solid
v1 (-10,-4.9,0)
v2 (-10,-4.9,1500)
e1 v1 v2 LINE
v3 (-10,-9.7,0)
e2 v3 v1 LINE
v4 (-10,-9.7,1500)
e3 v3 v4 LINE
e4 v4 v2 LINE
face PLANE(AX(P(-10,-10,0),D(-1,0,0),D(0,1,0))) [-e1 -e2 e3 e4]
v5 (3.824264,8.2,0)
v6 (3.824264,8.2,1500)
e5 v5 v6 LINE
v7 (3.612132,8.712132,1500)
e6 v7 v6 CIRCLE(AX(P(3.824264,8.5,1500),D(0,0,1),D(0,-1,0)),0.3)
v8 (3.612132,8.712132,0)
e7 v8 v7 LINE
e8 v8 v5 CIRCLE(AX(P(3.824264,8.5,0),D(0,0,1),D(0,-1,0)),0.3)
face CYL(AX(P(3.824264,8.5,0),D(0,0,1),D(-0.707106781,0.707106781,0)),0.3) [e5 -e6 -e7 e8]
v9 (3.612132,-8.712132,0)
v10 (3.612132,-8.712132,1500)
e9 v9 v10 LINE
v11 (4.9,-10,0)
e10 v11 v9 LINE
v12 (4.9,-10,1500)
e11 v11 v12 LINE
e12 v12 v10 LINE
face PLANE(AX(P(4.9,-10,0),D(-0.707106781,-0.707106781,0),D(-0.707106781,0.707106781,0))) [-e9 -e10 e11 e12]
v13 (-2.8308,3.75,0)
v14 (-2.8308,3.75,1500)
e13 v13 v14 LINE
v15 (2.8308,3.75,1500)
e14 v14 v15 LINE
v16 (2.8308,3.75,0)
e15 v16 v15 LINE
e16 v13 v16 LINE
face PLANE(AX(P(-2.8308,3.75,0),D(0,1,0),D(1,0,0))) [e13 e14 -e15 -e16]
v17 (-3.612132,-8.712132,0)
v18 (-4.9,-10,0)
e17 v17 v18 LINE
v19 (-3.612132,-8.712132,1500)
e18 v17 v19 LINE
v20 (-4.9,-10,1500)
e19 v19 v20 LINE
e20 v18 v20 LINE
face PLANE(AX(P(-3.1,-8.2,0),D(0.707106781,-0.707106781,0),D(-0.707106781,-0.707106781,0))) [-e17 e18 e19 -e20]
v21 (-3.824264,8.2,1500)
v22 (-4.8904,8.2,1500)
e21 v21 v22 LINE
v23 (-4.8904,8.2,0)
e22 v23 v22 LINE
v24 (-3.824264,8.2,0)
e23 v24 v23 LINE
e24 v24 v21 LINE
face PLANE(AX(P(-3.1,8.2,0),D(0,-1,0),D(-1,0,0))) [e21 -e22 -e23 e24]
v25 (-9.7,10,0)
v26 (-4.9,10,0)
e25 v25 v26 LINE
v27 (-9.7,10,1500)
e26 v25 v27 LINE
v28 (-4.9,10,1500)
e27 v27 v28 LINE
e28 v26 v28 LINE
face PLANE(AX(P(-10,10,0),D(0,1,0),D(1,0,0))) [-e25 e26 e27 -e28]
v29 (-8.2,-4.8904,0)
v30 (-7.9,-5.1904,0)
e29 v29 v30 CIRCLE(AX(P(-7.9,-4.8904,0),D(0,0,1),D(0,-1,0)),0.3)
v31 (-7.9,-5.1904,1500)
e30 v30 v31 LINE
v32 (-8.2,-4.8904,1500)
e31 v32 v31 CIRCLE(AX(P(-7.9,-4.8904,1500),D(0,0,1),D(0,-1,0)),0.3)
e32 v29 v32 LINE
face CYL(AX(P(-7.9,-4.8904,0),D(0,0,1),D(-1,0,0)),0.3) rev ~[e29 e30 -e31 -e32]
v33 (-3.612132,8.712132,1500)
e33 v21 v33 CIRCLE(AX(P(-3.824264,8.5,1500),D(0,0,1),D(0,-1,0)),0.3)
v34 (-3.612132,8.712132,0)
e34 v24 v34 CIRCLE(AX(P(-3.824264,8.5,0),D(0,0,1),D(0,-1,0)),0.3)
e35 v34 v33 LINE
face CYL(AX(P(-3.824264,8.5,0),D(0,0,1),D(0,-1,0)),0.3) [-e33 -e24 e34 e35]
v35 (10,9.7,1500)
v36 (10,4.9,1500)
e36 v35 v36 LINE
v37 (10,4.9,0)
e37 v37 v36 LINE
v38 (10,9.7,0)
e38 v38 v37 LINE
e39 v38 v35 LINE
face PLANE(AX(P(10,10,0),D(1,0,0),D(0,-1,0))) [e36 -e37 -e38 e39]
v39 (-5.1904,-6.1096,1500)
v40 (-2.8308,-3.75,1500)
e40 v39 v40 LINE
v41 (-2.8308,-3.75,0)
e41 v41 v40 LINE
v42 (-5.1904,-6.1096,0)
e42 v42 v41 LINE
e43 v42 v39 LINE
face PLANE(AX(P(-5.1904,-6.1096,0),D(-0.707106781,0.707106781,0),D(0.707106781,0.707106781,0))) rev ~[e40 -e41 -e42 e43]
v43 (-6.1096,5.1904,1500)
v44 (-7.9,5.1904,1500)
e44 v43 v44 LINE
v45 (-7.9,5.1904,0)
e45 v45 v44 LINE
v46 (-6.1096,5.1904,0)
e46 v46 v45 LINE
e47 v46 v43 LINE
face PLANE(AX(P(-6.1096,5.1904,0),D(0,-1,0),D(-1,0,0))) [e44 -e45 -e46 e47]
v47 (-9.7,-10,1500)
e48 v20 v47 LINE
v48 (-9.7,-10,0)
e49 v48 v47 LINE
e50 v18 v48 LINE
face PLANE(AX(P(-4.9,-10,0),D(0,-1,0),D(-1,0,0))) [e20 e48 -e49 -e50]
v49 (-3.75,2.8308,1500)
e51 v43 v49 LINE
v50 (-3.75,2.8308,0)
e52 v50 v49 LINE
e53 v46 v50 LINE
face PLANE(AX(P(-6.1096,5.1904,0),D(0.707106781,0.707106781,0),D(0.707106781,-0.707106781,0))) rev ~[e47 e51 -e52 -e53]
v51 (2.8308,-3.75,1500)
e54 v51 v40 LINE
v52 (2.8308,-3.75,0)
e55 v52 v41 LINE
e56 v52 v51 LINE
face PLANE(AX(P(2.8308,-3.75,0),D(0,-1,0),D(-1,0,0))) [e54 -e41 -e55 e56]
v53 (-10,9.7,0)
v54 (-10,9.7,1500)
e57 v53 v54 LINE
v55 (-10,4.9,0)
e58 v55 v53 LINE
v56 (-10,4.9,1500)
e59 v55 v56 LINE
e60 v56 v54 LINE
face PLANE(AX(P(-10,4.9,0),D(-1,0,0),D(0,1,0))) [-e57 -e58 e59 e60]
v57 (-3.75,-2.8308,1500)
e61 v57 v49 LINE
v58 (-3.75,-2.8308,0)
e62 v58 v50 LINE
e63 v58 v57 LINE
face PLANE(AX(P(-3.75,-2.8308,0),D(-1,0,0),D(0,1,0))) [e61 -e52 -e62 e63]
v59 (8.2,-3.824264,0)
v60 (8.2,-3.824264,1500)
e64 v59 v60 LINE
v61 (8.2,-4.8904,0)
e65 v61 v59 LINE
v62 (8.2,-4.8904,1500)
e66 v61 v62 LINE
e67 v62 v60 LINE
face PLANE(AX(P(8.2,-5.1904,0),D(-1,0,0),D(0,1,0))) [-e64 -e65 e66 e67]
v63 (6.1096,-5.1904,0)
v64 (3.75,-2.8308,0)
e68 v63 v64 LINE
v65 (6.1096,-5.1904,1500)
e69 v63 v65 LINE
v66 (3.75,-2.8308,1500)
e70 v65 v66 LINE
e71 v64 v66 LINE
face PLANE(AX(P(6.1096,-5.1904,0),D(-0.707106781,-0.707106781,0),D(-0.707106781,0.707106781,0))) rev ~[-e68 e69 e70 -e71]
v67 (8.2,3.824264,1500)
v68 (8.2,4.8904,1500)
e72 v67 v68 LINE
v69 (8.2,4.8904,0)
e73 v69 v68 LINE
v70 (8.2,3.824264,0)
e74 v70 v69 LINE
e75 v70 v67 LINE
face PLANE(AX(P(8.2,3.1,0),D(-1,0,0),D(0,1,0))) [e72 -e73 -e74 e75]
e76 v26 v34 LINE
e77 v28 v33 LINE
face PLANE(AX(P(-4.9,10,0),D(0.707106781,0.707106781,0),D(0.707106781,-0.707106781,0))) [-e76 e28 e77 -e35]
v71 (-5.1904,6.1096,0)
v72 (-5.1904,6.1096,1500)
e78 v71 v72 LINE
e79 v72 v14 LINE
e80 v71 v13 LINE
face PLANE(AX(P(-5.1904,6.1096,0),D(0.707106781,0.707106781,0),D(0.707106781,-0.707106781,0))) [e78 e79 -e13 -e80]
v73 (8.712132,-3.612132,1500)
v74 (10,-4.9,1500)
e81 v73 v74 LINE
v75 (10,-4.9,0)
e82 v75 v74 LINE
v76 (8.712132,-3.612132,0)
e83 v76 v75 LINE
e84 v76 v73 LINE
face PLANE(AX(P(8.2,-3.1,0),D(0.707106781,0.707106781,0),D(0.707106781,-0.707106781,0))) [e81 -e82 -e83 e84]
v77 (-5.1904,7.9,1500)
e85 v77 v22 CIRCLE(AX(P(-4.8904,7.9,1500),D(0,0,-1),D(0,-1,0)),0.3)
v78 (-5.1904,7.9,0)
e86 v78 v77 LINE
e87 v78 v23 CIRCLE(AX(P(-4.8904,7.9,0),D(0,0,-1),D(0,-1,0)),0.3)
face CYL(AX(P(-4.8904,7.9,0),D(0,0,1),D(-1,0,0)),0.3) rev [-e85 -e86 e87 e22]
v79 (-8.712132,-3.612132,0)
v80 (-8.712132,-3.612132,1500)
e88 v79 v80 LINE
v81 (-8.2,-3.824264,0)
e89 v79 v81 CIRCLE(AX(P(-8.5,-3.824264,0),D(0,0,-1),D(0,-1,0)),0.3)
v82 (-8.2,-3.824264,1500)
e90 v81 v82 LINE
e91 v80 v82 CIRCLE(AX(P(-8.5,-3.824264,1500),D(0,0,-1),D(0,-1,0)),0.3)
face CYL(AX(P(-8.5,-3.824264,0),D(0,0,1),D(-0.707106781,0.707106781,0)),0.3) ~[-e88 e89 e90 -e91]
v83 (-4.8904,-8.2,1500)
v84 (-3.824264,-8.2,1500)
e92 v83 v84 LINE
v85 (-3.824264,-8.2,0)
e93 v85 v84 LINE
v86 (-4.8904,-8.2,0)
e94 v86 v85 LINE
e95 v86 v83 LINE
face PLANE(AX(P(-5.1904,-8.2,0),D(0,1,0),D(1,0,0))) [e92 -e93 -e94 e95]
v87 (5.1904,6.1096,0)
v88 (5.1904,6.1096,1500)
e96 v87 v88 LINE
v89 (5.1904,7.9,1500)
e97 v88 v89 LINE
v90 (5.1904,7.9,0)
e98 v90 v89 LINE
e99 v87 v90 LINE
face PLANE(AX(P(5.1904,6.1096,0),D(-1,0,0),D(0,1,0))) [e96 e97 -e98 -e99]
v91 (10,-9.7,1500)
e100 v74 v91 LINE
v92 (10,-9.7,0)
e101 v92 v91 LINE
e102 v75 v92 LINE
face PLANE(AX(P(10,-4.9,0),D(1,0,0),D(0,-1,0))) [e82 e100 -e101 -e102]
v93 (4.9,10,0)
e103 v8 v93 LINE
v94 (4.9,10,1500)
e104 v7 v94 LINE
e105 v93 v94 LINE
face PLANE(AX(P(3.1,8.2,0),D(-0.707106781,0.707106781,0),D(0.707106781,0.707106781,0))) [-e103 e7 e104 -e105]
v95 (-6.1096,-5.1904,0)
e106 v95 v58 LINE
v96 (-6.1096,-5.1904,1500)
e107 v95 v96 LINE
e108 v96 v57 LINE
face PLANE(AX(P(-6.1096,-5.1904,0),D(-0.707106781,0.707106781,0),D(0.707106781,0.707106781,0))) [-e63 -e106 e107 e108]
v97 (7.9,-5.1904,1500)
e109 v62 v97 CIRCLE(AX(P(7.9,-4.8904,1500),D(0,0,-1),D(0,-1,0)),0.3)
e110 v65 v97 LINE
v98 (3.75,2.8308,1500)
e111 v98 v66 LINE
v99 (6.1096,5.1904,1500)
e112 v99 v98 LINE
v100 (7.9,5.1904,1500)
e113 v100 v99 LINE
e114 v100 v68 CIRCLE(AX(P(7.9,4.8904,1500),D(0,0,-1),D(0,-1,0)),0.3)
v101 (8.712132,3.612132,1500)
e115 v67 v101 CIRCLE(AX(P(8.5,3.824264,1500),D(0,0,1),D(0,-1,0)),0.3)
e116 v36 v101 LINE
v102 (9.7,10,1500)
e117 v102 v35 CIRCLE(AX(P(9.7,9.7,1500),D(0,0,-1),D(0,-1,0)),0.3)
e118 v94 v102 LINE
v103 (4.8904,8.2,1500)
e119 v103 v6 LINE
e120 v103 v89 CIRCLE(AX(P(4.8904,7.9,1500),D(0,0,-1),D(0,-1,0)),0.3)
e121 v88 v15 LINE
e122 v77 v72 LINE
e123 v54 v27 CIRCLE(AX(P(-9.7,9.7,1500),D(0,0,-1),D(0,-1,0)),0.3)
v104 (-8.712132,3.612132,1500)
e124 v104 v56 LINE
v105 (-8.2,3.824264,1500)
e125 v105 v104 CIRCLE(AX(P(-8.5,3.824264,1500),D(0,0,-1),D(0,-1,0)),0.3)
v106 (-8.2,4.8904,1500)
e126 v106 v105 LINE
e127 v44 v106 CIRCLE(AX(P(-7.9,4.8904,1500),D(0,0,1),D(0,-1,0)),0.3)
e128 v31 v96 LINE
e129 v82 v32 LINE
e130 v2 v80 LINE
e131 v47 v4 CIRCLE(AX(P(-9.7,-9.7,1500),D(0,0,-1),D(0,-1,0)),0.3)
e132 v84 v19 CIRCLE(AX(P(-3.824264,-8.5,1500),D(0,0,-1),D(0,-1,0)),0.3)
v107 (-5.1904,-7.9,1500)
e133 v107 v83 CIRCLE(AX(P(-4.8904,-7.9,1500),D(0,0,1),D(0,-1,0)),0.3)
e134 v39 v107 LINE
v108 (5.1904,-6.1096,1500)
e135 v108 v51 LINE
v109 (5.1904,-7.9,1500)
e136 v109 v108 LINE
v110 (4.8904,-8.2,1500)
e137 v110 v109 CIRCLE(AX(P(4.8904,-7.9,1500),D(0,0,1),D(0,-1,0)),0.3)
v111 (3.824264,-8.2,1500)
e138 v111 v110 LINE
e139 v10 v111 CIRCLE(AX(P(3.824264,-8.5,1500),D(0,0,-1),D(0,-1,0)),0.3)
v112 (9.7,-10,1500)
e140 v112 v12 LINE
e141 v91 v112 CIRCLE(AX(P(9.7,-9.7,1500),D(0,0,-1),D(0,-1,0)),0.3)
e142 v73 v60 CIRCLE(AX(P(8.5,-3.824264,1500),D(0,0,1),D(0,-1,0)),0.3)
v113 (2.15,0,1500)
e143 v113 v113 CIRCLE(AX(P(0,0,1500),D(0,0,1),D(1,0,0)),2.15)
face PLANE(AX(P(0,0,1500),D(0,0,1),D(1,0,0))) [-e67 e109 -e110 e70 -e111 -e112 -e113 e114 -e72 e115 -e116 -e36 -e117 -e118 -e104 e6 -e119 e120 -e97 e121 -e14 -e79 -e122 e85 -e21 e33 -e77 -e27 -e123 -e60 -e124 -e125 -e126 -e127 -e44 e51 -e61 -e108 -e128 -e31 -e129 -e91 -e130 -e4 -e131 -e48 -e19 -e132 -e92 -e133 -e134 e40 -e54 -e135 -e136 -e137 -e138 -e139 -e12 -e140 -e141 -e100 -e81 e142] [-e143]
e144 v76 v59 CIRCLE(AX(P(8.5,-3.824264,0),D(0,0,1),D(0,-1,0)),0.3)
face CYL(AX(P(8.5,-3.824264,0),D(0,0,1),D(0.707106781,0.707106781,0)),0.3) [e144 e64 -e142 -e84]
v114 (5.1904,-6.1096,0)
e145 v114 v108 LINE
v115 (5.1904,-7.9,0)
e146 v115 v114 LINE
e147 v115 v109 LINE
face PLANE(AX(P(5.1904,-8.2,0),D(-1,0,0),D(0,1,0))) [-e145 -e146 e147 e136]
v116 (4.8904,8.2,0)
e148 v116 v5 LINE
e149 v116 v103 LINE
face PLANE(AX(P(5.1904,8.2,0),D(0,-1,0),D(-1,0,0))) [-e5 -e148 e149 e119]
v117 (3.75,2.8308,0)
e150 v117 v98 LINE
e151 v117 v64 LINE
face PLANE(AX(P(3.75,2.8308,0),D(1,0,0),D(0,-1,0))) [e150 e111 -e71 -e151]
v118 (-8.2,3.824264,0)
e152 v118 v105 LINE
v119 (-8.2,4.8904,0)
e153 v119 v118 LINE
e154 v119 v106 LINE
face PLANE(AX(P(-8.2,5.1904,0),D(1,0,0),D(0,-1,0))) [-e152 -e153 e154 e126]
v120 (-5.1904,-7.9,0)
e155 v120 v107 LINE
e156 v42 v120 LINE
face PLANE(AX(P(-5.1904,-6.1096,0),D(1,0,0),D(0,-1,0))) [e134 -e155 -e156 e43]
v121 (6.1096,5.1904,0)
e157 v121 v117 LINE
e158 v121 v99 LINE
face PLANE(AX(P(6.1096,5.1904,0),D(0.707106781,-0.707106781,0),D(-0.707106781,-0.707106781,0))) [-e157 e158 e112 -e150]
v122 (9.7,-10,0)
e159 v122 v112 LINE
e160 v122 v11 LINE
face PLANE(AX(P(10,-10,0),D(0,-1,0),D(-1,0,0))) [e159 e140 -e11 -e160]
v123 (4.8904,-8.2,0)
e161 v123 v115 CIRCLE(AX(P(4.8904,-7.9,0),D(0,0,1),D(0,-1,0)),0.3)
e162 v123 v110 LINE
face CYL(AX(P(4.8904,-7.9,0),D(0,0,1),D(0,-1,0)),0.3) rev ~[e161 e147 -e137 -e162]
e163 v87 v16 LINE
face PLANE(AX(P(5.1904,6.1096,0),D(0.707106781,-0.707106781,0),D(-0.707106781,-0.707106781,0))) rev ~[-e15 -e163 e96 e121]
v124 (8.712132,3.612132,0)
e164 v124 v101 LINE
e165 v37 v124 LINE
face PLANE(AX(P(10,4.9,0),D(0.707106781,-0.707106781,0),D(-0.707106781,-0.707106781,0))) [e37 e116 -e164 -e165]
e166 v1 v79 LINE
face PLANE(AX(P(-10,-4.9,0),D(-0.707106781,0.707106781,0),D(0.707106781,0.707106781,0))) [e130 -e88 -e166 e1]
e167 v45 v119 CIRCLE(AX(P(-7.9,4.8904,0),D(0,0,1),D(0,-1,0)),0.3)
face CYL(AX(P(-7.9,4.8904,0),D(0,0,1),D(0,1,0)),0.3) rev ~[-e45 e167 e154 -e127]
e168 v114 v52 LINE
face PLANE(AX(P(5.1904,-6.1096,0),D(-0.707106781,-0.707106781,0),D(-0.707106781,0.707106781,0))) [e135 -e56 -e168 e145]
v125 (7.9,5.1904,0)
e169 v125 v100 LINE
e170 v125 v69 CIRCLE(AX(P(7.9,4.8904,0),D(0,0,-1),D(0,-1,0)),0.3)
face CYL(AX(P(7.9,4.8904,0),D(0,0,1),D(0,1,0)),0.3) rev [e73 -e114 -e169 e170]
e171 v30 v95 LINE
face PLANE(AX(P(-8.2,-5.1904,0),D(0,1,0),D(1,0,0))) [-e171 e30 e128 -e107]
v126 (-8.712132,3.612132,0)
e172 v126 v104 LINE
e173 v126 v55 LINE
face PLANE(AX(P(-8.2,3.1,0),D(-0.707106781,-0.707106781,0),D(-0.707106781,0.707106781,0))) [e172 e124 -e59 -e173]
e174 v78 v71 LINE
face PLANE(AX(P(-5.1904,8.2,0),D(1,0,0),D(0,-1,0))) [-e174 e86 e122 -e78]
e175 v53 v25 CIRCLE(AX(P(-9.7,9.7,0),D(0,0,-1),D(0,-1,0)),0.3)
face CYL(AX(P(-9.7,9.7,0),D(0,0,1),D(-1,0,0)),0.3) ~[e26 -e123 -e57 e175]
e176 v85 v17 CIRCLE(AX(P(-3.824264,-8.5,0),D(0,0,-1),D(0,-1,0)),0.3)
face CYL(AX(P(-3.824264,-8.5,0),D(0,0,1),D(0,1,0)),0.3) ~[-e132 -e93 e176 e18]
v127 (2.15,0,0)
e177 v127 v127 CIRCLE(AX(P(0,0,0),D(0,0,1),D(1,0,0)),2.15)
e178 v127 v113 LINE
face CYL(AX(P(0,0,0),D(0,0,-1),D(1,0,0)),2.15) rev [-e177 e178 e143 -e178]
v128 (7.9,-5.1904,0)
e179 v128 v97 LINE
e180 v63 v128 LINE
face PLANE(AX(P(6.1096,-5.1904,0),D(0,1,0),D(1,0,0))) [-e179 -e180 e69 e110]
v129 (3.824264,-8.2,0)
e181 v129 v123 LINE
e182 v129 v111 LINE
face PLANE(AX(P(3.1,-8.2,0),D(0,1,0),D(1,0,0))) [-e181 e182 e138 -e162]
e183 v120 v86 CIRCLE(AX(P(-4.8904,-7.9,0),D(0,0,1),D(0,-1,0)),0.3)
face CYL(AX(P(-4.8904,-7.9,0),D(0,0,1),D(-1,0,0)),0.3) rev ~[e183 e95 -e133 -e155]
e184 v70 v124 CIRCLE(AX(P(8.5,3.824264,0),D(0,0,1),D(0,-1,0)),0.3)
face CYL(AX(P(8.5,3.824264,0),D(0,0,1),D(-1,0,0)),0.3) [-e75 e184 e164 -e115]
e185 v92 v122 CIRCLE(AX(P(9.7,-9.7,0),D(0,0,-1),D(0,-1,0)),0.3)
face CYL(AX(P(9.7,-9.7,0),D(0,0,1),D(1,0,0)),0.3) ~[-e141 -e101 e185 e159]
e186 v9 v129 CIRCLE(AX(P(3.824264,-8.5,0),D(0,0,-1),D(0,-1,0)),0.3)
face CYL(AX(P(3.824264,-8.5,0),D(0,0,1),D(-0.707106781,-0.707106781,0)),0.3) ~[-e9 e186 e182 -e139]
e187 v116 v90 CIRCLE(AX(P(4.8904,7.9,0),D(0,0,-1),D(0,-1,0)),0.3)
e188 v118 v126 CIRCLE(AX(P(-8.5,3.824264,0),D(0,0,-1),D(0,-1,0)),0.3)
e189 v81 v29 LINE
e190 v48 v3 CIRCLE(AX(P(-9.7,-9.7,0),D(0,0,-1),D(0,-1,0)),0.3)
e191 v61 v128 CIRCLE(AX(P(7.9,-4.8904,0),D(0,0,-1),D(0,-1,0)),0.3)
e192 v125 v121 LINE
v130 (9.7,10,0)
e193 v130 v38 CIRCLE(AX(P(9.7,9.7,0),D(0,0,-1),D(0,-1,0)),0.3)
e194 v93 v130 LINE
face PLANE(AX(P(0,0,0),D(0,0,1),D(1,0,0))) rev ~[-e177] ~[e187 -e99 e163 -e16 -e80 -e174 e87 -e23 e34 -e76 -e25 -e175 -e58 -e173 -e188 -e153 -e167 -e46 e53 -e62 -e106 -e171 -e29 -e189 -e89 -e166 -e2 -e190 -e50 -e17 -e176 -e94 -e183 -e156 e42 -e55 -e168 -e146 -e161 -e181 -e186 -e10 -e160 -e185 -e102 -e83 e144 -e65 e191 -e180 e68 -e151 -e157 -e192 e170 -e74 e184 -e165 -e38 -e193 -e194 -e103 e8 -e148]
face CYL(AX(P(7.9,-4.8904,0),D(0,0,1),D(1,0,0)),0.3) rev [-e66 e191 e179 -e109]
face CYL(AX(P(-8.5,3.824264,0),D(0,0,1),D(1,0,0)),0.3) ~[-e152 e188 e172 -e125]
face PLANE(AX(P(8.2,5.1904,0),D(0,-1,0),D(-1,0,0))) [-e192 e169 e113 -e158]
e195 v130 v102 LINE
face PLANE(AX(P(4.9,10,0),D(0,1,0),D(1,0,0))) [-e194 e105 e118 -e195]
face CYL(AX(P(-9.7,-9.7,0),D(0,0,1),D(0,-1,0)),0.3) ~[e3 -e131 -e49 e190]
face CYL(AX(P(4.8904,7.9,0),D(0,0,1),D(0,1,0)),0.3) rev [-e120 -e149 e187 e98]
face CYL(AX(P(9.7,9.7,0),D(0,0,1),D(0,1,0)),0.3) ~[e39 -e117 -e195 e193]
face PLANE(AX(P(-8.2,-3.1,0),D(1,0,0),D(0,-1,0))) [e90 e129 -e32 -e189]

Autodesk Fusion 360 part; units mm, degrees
sketch "Sketch1" plane through (0, 0, 0) normal (0, 0, 1) x (1, 0, 0)
  circle A0 centre (0, 0) radius 2.15
  line L0 (3.75, 2.8308) -> (3.75, -2.8308)
  line L1 (8.2, -3.1) -> (10, -4.9)
  line L2 (10, -4.9) -> (10, -10)
  line L3 (-2.8308, 3.75) -> (2.8308, 3.75)
  line L4 (-3.75, -2.8308) -> (-3.75, 2.8308)
  line L5 (2.8308, -3.75) -> (-2.8308, -3.75)
  line L6 (6.1096, -5.1904) -> (8.2, -5.1904)
  line L7 (8.2, -5.1904) -> (8.2, -3.1)
  line L8 (6.1096, -5.1904) -> (3.75, -2.8308)
  line L9 (10, -10) -> (4.9, -10)
  line L10 (4.9, -10) -> (3.1, -8.2)
  line L11 (3.1, -8.2) -> (5.1904, -8.2)
  line L12 (5.1904, -8.2) -> (5.1904, -6.1096)
  line L13 (5.1904, -6.1096) -> (2.8308, -3.75)
  line L14 (8.2, 3.1) -> (8.2, 5.1904)
  line L15 (10, 10) -> (10, 4.9)
  line L16 (8.2, 5.1904) -> (6.1096, 5.1904)
  line L17 (5.1904, 8.2) -> (3.1, 8.2)
  line L18 (6.1096, 5.1904) -> (3.75, 2.8308)
  line L19 (5.1904, 6.1096) -> (5.1904, 8.2)
  line L20 (4.9, 10) -> (10, 10)
  line L21 (10, 4.9) -> (8.2, 3.1)
  line L22 (5.1904, 6.1096) -> (2.8308, 3.75)
  line L23 (3.1, 8.2) -> (4.9, 10)
  line L24 (-3.1, 8.2) -> (-5.1904, 8.2)
  line L25 (-10, 10) -> (-4.9, 10)
  line L26 (-5.1904, 8.2) -> (-5.1904, 6.1096)
  line L27 (-8.2, 5.1904) -> (-8.2, 3.1)
  line L28 (-5.1904, 6.1096) -> (-2.8308, 3.75)
  line L29 (-6.1096, 5.1904) -> (-8.2, 5.1904)
  line L30 (-10, 4.9) -> (-10, 10)
  line L31 (-4.9, 10) -> (-3.1, 8.2)
  line L32 (-6.1096, 5.1904) -> (-3.75, 2.8308)
  line L33 (-8.2, 3.1) -> (-10, 4.9)
  line L34 (-8.2, -3.1) -> (-8.2, -5.1904)
  line L35 (-10, -10) -> (-10, -4.9)
  line L36 (-8.2, -5.1904) -> (-6.1096, -5.1904)
  line L37 (-5.1904, -8.2) -> (-3.1, -8.2)
  line L38 (-6.1096, -5.1904) -> (-3.75, -2.8308)
  line L39 (-5.1904, -6.1096) -> (-5.1904, -8.2)
  line L40 (-4.9, -10) -> (-10, -10)
  line L41 (-10, -4.9) -> (-8.2, -3.1)
  line L42 (-5.1904, -6.1096) -> (-2.8308, -3.75)
  line L43 (-3.1, -8.2) -> (-4.9, -10)
  dimension "d24" = 4.3
  dimension "d39" = 360
  dimension "d45" = 360
extrude "Extrude1" add sketch "Sketch1" along normal blind 1500
fillet "Fillet1" radius 0.3 4 edges at (-10, -10, 750) (-10, 10, 750) (10, -10, 750) (10, 10, 750)
fillet "Fillet2" radius 0.3 8 edges at (3.1, 8.2, 750) (-3.1, 8.2, 750) (-8.2, -3.1, 750) (3.1, -8.2, 750) (8.2, -3.1, 750) (-3.1, -8.2, 750) (8.2, 3.1, 750) (-8.2, 3.1, 750)
fillet "Fillet3" radius 0.3 8 edges at (8.2, 5.1904, 750) (5.1904, 8.2, 750) (8.2, -5.1904, 750) (5.1904, -8.2, 750) (-5.1904, -8.2, 750) (-8.2, -5.1904, 750) (-8.2, 5.1904, 750) (-5.1904, 8.2, 750)
